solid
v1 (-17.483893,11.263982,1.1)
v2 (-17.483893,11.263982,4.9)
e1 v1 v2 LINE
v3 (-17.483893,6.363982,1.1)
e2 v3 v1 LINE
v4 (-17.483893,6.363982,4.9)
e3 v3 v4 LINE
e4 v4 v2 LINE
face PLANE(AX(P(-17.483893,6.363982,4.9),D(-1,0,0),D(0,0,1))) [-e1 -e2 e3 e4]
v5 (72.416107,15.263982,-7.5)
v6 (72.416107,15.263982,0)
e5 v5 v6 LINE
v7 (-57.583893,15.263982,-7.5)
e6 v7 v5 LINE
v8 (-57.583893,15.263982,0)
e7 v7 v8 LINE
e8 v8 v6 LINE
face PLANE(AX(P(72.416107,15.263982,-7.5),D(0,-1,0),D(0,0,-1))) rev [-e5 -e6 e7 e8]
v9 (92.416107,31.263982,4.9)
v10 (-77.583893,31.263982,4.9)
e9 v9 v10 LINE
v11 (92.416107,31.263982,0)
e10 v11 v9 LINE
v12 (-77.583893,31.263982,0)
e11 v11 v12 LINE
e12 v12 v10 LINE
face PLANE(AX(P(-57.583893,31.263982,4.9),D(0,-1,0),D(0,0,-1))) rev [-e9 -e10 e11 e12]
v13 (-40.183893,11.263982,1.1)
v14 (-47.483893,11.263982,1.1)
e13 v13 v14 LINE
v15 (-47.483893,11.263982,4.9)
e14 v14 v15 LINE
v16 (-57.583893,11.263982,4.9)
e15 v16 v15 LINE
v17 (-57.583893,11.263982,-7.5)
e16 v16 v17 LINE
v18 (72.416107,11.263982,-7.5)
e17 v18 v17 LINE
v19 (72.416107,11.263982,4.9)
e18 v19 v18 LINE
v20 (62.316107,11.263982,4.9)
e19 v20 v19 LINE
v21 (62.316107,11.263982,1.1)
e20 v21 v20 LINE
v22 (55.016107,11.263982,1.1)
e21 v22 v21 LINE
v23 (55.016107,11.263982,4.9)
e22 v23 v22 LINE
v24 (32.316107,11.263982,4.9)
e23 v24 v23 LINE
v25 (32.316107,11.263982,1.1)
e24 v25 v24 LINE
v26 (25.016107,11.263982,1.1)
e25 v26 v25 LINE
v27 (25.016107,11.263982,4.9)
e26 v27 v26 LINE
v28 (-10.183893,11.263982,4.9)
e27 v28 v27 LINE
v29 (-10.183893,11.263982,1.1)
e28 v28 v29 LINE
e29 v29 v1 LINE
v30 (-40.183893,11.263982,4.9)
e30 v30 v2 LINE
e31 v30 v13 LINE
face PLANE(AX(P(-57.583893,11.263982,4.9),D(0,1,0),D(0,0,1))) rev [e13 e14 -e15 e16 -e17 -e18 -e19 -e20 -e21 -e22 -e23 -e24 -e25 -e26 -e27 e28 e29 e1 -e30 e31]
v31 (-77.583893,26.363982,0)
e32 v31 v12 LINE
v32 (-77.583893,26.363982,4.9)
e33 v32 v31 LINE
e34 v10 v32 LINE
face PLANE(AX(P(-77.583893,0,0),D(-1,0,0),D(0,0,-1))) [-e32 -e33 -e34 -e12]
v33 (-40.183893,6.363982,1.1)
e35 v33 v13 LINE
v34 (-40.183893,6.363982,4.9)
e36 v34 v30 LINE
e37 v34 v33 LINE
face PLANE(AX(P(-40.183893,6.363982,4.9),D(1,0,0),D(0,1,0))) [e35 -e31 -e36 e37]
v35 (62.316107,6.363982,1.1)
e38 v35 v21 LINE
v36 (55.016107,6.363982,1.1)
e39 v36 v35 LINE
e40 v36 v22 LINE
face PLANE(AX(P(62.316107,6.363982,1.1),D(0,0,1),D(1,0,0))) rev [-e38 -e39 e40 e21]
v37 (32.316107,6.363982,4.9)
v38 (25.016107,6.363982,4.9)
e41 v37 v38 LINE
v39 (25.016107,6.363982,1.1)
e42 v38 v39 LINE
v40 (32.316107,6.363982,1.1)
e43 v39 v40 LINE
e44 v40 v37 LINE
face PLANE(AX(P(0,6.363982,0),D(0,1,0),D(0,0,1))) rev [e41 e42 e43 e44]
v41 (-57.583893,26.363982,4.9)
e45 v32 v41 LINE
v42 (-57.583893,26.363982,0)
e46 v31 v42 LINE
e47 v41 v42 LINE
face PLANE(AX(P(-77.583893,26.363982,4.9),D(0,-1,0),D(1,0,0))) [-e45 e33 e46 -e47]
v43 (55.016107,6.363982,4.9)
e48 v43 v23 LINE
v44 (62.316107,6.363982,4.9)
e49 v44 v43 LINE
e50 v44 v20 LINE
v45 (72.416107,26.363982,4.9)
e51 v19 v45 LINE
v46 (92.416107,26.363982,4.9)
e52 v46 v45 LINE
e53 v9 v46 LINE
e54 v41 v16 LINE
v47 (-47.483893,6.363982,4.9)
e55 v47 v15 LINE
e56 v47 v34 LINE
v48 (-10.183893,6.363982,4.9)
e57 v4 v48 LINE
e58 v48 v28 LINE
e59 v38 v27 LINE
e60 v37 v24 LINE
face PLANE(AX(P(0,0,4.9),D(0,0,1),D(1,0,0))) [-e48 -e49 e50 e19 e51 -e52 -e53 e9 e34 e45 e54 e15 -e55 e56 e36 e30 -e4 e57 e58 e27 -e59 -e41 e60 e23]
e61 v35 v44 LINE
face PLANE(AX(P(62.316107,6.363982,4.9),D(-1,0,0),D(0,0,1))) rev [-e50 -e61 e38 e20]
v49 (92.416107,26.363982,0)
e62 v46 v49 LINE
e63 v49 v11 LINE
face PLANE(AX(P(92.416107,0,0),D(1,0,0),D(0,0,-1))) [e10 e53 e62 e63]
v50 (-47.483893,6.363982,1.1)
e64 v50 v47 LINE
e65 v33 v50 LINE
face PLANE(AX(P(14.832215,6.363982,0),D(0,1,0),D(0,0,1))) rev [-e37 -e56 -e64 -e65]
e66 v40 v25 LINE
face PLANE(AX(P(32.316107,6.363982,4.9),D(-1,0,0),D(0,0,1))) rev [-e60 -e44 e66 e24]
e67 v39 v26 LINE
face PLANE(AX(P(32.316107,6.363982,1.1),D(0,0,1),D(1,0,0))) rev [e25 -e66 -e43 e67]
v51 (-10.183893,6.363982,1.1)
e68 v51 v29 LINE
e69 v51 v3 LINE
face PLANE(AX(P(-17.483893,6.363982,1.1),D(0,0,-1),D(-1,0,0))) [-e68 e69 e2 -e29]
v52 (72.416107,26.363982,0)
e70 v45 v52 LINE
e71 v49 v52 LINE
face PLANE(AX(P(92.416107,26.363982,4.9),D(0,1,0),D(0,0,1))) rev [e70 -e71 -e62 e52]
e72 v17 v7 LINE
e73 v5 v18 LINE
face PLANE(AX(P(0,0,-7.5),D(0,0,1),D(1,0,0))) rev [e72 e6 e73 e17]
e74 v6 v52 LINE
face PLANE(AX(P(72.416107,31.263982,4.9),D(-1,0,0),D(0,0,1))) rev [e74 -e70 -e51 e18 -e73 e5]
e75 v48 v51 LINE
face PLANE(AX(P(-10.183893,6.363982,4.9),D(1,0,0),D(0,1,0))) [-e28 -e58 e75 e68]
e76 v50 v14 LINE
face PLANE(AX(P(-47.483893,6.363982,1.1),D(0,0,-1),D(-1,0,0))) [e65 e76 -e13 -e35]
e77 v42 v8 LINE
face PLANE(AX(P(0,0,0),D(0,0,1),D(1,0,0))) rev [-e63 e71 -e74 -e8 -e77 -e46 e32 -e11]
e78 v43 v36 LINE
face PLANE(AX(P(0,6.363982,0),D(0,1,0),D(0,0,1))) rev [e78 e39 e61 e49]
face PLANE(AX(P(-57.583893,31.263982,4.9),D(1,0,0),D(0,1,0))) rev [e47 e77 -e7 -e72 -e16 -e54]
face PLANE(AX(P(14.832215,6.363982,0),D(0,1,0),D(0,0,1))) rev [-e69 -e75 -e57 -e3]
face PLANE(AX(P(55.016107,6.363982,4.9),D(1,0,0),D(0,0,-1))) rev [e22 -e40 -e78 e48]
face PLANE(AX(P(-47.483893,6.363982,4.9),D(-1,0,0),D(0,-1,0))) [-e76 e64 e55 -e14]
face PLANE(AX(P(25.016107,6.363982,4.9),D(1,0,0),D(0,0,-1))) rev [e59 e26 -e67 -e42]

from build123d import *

# Parameters (mm, degrees)
SKETCH1_W           = 130
SKETCH1_H           = 20
BOSS_EXTRUDE1_DEPTH = 4.9
SKETCH3_W           = 4.9
SKETCH3_H           = 4.9
BOSS_EXTRUDE2_DEPTH = 20
SKETCH4_W           = 130
SKETCH4_H           = 4
BOSS_EXTRUDE3_DEPTH = 7.5
SKETCH5_W           = 7.3
SKETCH5_H           = 3.8
BOSS_EXTRUDE4_DEPTH = 4.9
SKETCH6_W           = 7.3
SKETCH6_H           = 3.8
BOSS_EXTRUDE5_DEPTH = 4.9


with BuildPart() as part:
    # Sketch1 → Boss-Extrude1 (new body)
    with BuildSketch(Plane.XY):
        with Locations((7.416107383, 21.263982103)):
            Rectangle(SKETCH1_W, SKETCH1_H)
    extrude(amount=BOSS_EXTRUDE1_DEPTH)

    # Sketch3 → Boss-Extrude2 (add)
    with BuildSketch(Plane(origin=(72.416107383, 0, 0), x_dir=(0, 0, -1), z_dir=(1, 0, 0))):
        with Locations((-2.45, 28.813982103)):
            Rectangle(SKETCH3_W, SKETCH3_H)
    boss_extrude2 = extrude(amount=BOSS_EXTRUDE2_DEPTH)

    # Mirror1: Boss-Extrude2 across plane
    add(boss_extrude2.mirror(Plane.ZY.offset(-7.416107383)))

    # Sketch4 → Boss-Extrude3 (add)
    with BuildSketch(Plane(origin=(0, 0, 0), x_dir=(-1, 0, 0), z_dir=(0, 0, -1))):
        with Locations((-7.416107383, 13.263982103)):
            Rectangle(SKETCH4_W, SKETCH4_H)
    extrude(amount=BOSS_EXTRUDE3_DEPTH)

    # Sketch5 → Boss-Extrude4 (add)
    with BuildSketch(Plane.XZ.offset(-11.263982103)):
        with Locations((28.666107383, 3)):
            Rectangle(SKETCH5_W, SKETCH5_H)
    boss_extrude4 = extrude(amount=BOSS_EXTRUDE4_DEPTH)

    # Mirror2: Boss-Extrude4 across plane
    add(boss_extrude4.mirror(Plane.ZY.offset(-7.416107383)))

    # Sketch6 → Boss-Extrude5 (add)
    with BuildSketch(Plane.XZ.offset(-11.263982103)):
        with Locations((58.666107383, 3)):
            Rectangle(SKETCH6_W, SKETCH6_H)
    boss_extrude5 = extrude(amount=BOSS_EXTRUDE5_DEPTH)

    # Mirror3: Boss-Extrude5 across plane
    add(boss_extrude5.mirror(Plane.ZY.offset(-7.416107383)))


solid = part.part
